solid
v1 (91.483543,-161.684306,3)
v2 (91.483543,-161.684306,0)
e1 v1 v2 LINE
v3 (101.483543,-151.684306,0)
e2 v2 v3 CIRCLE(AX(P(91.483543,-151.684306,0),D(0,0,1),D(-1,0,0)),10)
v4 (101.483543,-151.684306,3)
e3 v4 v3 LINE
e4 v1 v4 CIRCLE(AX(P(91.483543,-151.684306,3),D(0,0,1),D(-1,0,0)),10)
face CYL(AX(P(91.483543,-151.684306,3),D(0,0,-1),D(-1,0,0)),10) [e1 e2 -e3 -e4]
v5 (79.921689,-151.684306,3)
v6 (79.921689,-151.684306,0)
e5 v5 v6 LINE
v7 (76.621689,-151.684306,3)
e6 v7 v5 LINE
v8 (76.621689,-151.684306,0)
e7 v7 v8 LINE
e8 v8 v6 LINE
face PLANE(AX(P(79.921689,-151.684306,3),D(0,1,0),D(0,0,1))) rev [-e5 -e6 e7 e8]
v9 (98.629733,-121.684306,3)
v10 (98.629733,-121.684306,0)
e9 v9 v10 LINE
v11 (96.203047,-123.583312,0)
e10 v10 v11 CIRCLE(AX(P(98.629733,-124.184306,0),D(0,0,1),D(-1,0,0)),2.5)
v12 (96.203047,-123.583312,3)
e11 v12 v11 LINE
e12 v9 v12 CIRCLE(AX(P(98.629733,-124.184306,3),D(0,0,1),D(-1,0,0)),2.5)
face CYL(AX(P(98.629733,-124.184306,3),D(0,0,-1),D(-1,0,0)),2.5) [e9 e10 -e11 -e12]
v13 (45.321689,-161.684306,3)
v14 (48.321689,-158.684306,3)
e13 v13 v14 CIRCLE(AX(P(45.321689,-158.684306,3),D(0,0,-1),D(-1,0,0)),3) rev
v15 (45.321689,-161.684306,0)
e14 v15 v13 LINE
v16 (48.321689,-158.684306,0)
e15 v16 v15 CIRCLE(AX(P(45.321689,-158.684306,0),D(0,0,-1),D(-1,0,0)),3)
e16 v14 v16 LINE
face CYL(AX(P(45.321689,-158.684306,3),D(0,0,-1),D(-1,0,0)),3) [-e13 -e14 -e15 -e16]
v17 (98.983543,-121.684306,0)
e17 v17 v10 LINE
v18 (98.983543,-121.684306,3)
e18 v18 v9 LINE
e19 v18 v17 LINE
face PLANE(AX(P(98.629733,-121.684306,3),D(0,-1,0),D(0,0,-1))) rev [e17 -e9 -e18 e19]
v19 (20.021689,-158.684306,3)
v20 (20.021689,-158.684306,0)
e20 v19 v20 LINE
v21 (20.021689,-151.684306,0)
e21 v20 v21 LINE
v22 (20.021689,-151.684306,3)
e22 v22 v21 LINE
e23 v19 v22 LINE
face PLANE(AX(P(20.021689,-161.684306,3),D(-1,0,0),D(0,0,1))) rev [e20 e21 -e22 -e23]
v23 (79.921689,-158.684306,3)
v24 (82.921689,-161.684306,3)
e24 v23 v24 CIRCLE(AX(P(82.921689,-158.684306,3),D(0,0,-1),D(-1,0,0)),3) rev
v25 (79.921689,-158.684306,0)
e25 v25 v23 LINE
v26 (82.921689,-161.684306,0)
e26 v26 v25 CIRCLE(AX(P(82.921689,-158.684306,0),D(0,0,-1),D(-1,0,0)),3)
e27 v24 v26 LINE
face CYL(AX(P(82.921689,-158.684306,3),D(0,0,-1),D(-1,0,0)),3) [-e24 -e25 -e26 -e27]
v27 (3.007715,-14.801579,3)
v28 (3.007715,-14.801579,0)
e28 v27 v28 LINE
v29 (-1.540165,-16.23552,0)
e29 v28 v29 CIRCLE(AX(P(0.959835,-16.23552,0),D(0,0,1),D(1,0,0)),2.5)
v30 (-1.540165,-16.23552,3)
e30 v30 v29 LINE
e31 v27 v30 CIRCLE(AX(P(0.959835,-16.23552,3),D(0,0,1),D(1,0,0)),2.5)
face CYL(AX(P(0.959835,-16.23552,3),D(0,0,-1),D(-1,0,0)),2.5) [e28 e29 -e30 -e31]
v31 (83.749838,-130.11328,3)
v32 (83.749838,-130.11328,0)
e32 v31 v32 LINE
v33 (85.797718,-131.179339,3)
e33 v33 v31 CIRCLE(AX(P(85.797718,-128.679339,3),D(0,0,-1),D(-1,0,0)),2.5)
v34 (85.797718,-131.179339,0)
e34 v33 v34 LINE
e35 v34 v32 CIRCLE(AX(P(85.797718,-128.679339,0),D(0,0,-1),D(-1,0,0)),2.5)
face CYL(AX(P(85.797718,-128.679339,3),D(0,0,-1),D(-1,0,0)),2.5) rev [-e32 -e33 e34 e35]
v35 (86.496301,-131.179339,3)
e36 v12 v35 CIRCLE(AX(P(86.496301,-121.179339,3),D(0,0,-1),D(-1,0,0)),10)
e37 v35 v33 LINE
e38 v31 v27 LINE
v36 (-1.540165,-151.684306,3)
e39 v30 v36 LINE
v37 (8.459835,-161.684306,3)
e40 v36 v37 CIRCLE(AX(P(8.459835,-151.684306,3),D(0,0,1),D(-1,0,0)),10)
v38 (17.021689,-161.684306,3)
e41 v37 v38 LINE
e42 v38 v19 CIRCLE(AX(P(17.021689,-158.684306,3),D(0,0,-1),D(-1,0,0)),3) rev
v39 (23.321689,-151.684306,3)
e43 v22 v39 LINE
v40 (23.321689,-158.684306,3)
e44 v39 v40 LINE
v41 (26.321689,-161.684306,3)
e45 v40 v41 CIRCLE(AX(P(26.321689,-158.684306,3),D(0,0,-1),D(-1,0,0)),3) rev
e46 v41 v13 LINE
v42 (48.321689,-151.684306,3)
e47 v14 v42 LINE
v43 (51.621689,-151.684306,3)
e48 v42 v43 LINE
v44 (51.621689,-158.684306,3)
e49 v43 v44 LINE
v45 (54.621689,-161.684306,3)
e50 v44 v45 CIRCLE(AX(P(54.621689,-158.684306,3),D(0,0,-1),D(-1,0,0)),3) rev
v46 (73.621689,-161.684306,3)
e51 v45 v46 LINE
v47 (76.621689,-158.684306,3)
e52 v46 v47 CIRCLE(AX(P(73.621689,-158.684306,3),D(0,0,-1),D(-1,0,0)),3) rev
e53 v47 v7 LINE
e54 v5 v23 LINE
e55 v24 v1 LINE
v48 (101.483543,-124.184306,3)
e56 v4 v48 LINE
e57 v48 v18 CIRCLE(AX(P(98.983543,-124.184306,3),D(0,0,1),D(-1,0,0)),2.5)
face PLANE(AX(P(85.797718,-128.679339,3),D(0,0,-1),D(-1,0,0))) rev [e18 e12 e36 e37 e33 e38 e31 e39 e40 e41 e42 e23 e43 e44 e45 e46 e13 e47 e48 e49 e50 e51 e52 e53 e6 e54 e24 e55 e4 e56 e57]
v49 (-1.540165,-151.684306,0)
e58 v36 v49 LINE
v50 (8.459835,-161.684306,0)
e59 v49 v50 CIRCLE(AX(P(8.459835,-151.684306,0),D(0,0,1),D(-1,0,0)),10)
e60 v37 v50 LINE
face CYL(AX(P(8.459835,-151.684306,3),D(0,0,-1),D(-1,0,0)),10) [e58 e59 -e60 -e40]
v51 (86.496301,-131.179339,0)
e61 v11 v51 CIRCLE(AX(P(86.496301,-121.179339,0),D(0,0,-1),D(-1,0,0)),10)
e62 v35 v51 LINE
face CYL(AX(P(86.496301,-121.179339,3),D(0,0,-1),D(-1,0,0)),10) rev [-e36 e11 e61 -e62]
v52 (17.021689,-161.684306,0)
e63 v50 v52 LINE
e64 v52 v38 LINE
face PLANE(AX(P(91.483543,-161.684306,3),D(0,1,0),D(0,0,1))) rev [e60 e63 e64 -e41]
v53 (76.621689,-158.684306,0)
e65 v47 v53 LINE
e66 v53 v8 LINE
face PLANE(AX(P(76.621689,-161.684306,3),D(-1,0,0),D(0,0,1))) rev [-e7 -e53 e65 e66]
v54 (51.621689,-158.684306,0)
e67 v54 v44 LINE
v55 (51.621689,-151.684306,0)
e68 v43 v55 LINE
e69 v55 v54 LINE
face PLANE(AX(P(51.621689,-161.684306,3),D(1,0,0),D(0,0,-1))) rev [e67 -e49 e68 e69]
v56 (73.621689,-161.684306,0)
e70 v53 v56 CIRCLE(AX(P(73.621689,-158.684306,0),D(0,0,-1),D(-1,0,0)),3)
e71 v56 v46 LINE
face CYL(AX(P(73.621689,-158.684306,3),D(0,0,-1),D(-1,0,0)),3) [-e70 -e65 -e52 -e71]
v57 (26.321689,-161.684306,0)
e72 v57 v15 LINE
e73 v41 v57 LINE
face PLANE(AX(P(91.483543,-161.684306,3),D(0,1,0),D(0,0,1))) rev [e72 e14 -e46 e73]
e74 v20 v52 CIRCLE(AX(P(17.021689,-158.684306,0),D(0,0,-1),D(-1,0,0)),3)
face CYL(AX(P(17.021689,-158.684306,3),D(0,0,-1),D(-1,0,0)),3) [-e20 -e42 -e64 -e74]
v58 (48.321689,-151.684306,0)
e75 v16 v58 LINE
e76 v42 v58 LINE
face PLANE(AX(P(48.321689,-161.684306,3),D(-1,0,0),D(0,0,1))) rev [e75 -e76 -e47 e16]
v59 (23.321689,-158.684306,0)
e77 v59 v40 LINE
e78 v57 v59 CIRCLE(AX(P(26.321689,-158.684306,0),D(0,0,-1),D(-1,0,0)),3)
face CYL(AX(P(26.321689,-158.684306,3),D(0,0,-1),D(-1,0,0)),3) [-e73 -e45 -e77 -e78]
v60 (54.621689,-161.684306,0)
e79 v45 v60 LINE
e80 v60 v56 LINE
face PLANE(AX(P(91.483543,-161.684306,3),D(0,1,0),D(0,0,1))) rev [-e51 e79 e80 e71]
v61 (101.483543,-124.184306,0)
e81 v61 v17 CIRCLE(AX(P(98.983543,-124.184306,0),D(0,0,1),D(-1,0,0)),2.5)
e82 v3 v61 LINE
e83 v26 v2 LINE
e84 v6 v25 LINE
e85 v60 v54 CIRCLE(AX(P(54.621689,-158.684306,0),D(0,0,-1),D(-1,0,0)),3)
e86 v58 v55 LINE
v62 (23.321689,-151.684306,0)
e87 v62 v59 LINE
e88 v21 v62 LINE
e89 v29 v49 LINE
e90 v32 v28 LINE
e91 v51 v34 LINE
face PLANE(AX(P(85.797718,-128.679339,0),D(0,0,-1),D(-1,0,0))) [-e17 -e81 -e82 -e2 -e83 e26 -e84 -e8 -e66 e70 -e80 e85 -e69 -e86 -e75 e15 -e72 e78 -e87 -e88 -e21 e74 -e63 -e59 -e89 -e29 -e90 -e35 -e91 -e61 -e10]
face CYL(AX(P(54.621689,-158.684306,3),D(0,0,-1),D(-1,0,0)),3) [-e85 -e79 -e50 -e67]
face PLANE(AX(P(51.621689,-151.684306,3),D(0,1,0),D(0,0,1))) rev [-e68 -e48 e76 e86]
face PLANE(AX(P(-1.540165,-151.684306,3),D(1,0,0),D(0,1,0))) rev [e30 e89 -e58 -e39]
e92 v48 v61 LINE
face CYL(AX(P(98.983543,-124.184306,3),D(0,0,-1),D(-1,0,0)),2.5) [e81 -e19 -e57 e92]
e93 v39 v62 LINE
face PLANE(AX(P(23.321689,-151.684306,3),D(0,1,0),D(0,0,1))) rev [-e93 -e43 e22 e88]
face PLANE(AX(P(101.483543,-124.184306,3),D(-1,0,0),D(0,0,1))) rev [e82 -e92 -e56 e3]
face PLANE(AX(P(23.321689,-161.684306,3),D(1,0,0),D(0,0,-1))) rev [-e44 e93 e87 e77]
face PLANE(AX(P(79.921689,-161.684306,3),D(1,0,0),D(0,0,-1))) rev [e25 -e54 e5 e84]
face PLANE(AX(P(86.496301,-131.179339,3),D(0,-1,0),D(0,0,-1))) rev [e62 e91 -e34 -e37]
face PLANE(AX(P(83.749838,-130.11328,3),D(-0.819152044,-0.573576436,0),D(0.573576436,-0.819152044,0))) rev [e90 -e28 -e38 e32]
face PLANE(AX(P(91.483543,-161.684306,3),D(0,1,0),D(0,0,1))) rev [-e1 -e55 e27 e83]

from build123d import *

# Parameters (mm, degrees)
BOSS_EXTRUDE1_DEPTH = 3
SKETCH3_W           = 3.3
SKETCH3_H           = 10
CUT_EXTRUDE1_DEPTH  = 4
FILLET1_R           = 3


with BuildPart() as part:
    # Sketch1 → Boss-Extrude1 (new body)
    with BuildSketch(Plane.XY):
        with BuildLine():
            Line((86.496300823, -131.179339344), (85.797718449, -131.179339344))
            ThreePointArc((85.797718449, -131.179339344), (84.643346916, -130.896866427), (83.749838339, -130.113280435))
            Line((83.749838339, -130.113280435), (3.007715481, -14.801578616))
            ThreePointArc((3.007715481, -14.801578616), (0.208070871, -13.85122733), (-1.54016463, -16.235519707))
            Line((-1.54016463, -16.235519707), (-1.54016463, -151.684305639))
            ThreePointArc((-1.54016463, -151.684305639), (1.388767558, -158.75537345), (8.45983537, -161.684305639))
            Line((8.45983537, -161.684305639), (91.483543137, -161.684305639))
            ThreePointArc((91.483543137, -161.684305639), (98.554610949, -158.75537345), (101.483543137, -151.684305639))
            Line((101.483543137, -151.684305639), (101.483543137, -124.184305639))
            ThreePointArc((101.483543137, -124.184305639), (100.75131009, -122.416538686), (98.983543137, -121.684305639))
            Line((98.983543137, -121.684305639), (98.629733048, -121.684305639))
            ThreePointArc((98.629733048, -121.684305639), (97.08903242, -122.215488335), (96.203046603, -123.58331238))
            ThreePointArc((96.203046603, -123.58331238), (92.659103337, -129.054608557), (86.496300823, -131.179339344))
        make_face()
    extrude(amount=BOSS_EXTRUDE1_DEPTH)

    # Sketch3 → Cut-Extrude1 (cut, through all)
    with BuildSketch(Plane(origin=(0, 0, 0), x_dir=(-1, 0, 0), z_dir=(0, 0, -1))):
        with Locations((-49.971689254, -156.684305639)):
            Rectangle(SKETCH3_W, SKETCH3_H)
        with Locations((-21.671689254, -156.684305639)):
            Rectangle(SKETCH3_W, SKETCH3_H)
        with Locations((-78.271689254, -156.684305639)):
            Rectangle(SKETCH3_W, SKETCH3_H)
    extrude(amount=-CUT_EXTRUDE1_DEPTH, mode=Mode.SUBTRACT)

    # Fillet1
    fillet1_edges = [part.edges().sort_by_distance(p)[0] for p in [
        (23.321689254, -161.684305639, 1.5),
        (20.021689254, -161.684305639, 1.5),
        (76.621689254, -161.684305639, 1.5),
        (79.921689254, -161.684305639, 1.5),
        (48.321689254, -161.684305639, 1.5),
        (51.621689254, -161.684305639, 1.5),
    ]]
    fillet(fillet1_edges, radius=FILLET1_R)


solid = part.part
